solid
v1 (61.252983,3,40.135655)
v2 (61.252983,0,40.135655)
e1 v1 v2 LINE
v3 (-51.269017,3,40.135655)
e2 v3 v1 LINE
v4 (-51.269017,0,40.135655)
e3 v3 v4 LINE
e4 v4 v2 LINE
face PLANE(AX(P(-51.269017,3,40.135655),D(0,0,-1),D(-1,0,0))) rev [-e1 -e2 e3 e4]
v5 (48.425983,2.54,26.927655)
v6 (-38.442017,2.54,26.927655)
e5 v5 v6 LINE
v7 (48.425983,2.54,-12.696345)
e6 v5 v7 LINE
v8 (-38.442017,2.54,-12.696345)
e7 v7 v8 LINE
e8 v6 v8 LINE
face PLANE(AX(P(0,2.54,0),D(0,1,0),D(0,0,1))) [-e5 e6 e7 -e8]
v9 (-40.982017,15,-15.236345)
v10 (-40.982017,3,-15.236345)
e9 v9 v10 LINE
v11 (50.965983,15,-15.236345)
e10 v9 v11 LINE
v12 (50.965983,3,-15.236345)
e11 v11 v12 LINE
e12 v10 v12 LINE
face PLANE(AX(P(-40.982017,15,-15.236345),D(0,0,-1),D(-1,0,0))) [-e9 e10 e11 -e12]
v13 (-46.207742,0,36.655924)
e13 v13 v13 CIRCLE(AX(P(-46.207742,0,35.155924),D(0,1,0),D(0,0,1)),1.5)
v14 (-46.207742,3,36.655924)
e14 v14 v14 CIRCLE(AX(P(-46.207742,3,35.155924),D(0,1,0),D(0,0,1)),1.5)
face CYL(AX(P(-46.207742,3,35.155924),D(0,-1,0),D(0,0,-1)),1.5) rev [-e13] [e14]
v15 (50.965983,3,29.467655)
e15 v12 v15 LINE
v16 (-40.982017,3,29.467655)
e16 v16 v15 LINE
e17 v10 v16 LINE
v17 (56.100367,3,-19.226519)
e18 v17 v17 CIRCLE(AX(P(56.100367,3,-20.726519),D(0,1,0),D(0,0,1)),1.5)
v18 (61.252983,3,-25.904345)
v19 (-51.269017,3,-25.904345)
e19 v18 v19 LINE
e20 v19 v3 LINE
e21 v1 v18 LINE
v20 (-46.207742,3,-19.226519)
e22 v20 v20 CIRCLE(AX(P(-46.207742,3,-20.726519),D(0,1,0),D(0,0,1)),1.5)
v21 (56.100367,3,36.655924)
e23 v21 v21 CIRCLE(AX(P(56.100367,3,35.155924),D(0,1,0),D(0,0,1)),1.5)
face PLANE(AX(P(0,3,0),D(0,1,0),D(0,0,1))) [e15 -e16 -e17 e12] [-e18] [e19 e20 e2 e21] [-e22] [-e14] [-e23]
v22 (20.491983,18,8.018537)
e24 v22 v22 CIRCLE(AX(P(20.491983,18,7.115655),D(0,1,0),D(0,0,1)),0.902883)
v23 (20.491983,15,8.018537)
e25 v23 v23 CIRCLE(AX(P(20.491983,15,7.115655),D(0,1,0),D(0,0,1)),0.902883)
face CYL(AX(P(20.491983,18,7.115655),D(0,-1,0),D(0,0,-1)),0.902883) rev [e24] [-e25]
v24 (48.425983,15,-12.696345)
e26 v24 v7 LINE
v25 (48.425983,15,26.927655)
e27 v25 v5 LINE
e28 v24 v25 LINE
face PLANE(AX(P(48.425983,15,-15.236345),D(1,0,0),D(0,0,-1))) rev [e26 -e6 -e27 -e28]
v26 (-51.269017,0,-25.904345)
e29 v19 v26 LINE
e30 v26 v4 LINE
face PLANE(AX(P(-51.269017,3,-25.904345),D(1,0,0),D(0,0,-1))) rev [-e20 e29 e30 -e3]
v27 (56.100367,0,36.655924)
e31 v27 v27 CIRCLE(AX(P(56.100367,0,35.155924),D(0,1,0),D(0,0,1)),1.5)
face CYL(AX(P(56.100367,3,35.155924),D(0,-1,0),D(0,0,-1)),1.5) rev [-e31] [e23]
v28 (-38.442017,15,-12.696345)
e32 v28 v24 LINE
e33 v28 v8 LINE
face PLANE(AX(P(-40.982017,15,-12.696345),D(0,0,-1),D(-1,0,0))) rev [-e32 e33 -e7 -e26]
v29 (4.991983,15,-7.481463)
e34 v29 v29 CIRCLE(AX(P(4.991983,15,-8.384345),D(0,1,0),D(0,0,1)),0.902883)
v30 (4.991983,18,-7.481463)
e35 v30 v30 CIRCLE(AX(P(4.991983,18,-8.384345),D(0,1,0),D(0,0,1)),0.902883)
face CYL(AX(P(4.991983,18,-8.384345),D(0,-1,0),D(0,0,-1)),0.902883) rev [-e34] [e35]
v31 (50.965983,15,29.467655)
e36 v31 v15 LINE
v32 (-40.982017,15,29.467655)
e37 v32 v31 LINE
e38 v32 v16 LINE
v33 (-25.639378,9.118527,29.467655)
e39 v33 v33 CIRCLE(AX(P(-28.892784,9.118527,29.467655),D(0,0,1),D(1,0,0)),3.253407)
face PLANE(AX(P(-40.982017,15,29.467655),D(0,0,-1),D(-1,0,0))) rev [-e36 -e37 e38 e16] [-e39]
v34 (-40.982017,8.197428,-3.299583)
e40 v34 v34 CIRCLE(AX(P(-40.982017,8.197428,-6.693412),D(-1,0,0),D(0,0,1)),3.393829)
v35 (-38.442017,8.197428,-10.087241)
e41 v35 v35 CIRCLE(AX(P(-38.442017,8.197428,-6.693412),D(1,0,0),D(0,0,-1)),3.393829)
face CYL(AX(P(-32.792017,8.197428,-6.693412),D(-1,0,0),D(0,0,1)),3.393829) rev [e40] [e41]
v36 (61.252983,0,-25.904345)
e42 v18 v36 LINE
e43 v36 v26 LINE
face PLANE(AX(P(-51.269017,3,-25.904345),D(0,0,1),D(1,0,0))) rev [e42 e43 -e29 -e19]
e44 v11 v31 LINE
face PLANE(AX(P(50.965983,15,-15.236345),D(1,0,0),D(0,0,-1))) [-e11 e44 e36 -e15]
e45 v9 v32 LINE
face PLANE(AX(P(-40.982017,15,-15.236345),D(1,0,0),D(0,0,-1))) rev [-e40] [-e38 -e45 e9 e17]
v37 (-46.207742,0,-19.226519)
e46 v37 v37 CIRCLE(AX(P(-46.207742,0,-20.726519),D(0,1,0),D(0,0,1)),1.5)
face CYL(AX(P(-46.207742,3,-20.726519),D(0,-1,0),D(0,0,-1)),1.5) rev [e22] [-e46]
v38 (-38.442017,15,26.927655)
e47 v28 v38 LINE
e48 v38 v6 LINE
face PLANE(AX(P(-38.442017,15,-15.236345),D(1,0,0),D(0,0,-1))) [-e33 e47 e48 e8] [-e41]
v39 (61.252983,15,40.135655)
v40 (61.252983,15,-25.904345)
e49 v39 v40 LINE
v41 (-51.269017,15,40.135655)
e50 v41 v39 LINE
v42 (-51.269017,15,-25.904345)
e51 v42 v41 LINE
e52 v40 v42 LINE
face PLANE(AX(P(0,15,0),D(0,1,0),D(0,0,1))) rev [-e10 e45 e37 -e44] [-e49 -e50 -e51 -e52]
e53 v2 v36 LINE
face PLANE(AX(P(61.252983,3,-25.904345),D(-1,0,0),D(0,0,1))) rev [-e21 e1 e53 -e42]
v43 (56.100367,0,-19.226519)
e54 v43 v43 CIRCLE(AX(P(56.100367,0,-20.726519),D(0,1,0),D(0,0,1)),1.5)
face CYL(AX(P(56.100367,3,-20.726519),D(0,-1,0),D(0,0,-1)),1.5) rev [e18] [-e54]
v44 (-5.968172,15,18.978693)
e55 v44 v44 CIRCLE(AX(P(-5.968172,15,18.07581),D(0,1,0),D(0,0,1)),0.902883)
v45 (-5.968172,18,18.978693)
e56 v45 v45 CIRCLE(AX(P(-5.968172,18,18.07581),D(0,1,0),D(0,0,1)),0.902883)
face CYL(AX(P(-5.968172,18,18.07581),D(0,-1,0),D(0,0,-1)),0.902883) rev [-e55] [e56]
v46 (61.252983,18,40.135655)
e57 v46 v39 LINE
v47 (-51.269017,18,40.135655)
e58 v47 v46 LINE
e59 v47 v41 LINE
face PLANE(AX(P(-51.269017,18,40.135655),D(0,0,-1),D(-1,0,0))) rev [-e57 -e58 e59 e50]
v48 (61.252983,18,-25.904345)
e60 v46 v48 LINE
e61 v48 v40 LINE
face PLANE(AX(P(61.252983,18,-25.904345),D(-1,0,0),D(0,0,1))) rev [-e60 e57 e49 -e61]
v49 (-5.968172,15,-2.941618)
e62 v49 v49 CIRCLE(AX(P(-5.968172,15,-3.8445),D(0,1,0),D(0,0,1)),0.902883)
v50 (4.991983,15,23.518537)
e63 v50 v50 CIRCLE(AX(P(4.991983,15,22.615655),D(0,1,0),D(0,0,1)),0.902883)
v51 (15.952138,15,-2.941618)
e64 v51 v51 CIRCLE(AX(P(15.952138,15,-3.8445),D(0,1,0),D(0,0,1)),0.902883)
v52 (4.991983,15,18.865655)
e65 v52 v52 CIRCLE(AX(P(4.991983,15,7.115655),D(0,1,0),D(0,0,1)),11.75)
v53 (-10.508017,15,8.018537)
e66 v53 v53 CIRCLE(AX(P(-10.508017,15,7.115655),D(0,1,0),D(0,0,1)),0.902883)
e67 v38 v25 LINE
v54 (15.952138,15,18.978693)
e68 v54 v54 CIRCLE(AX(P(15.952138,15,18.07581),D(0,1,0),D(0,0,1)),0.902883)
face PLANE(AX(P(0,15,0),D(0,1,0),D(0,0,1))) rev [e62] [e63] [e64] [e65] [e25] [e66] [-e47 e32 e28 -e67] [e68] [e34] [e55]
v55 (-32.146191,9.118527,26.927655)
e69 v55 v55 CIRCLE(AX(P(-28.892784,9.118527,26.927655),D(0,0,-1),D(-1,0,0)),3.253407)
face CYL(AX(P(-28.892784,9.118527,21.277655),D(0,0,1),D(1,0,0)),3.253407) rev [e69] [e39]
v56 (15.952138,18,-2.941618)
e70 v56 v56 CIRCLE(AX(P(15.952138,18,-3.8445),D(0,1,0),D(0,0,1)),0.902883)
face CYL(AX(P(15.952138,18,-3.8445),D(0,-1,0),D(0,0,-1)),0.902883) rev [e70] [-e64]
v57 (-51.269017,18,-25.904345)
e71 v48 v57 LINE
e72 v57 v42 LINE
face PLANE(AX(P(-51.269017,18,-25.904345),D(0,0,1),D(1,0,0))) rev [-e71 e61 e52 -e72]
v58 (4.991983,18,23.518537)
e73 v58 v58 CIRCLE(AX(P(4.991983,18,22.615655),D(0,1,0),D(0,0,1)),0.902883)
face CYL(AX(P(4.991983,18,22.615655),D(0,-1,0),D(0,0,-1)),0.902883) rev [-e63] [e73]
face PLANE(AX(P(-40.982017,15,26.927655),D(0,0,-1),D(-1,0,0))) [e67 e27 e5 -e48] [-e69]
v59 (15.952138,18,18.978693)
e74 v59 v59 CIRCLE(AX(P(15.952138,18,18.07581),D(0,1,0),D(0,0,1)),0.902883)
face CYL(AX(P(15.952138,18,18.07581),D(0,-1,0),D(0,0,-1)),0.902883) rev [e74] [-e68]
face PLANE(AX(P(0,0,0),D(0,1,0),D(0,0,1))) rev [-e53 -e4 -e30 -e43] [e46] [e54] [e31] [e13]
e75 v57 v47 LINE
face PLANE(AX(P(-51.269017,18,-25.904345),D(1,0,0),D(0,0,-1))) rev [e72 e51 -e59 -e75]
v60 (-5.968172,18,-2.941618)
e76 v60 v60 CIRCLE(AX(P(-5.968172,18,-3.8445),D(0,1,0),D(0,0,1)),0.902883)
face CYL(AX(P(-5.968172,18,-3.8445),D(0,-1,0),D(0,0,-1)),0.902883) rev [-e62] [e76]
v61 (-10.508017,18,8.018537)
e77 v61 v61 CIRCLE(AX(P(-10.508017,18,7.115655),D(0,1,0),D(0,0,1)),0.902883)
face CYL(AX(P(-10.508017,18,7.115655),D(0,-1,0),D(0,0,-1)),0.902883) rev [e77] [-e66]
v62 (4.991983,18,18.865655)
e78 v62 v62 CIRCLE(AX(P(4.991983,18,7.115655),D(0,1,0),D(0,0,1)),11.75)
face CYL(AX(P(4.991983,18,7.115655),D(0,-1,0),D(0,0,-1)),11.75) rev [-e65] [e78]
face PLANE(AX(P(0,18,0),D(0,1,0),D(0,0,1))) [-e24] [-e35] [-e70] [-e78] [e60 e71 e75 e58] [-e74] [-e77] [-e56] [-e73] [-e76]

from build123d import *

# Parameters (mm, degrees)
SKETCH1_W           = 112.522
SKETCH1_H           = 66.04
SKETCH1_R           = 1.5
BOSS_EXTRUDE1_DEPTH = 3
SKETCH4_W           = 91.948
SKETCH4_H           = 44.704
BOSS_EXTRUDE2_DEPTH = 12
SHELL1_T            = -2.54
SKETCH13_R          = 3.253406585
CUT_EXTRUDE1_DEPTH  = 8.19
SKETCH15_R          = 3.393829234
CUT_EXTRUDE2_DEPTH  = 8.19
SKETCH16_W          = 112.522
SKETCH16_H          = 66.04
SKETCH16_R          = 11.75
SKETCH16_R_2        = 0.902882747
BOSS_EXTRUDE4_DEPTH = 3


with BuildPart() as part:
    # Sketch1 → Boss-Extrude1 (new body)
    with BuildSketch(Plane(origin=(0, 0, 0), x_dir=(1, 0, 0), z_dir=(0, 1, 0))):
        with Locations((4.991983213, -7.115654676)):
            Rectangle(SKETCH1_W, SKETCH1_H)
        with Locations(Location((-46.207741765, 20.726518927, 0), (0, 0, 270))):
            Circle(SKETCH1_R, mode=Mode.SUBTRACT)
        with Locations(Location((56.100367261, 20.726518927, 0), (0, 0, 270))):
            Circle(SKETCH1_R, mode=Mode.SUBTRACT)
        with Locations(Location((56.100367261, -35.155923699, 0), (0, 0, 270))):
            Circle(SKETCH1_R, mode=Mode.SUBTRACT)
        with Locations(Location((-46.207741765, -35.155923699, 0), (0, 0, 270))):
            Circle(SKETCH1_R, mode=Mode.SUBTRACT)
    extrude(amount=BOSS_EXTRUDE1_DEPTH)

    # Sketch4 → Boss-Extrude2 (add)
    with BuildSketch(Plane(origin=(0, 3, 0), x_dir=(1, 0, 0), z_dir=(0, 1, 0))):
        with Locations((4.991983213, -7.115654676)):
            Rectangle(SKETCH4_W, SKETCH4_H)
    extrude(amount=BOSS_EXTRUDE2_DEPTH)

    # Shell1
    shell1_openings = [part.faces().sort_by_distance(p)[0] for p in [
        (4.991983213, 15, 7.115654676),
    ]]
    offset(amount=SHELL1_T, openings=shell1_openings, kind=Kind.INTERSECTION)

    # Sketch13 → Cut-Extrude1 (cut)
    with BuildSketch(Plane.XY.offset(29.467654676)):
        with Locations((-28.892784248, 9.118527178)):
            Circle(SKETCH13_R)
    extrude(amount=-CUT_EXTRUDE1_DEPTH, mode=Mode.SUBTRACT)

    # Sketch15 → Cut-Extrude2 (cut)
    with BuildSketch(Plane.ZY.offset(40.982016787)):
        with Locations((-6.693412029, 8.197427611)):
            Circle(SKETCH15_R)
    extrude(amount=-CUT_EXTRUDE2_DEPTH, mode=Mode.SUBTRACT)

    # Sketch16 → Boss-Extrude4 (add)
    with BuildSketch(Plane(origin=(0, 15, 0), x_dir=(1, 0, 0), z_dir=(0, 1, 0))):
        with Locations((4.991983213, -7.115654676)):
            Rectangle(SKETCH16_W, SKETCH16_H)
        with Locations(Location((4.991983213, -7.115654676, 0), (0, 0, 270))):
            Circle(SKETCH16_R, mode=Mode.SUBTRACT)
        with Locations(Location((4.991983213, 8.384345324, 0), (0, 0, 270))):
            Circle(SKETCH16_R_2, mode=Mode.SUBTRACT)
        with Locations(Location((-5.968171895, 3.844500432, 0), (0, 0, 270))):
            Circle(SKETCH16_R_2, mode=Mode.SUBTRACT)
        with Locations(Location((-10.508016787, -7.115654676, 0), (0, 0, 270))):
            Circle(SKETCH16_R_2, mode=Mode.SUBTRACT)
        with Locations(Location((-5.968171895, -18.075809785, 0), (0, 0, 270))):
            Circle(SKETCH16_R_2, mode=Mode.SUBTRACT)
        with Locations(Location((4.991983213, -22.615654676, 0), (0, 0, 270))):
            Circle(SKETCH16_R_2, mode=Mode.SUBTRACT)
        with Locations(Location((15.952138322, -18.075809785, 0), (0, 0, 270))):
            Circle(SKETCH16_R_2, mode=Mode.SUBTRACT)
        with Locations(Location((20.491983213, -7.115654676, 0), (0, 0, 270))):
            Circle(SKETCH16_R_2, mode=Mode.SUBTRACT)
        with Locations(Location((15.952138322, 3.844500432, 0), (0, 0, 270))):
            Circle(SKETCH16_R_2, mode=Mode.SUBTRACT)
    extrude(amount=BOSS_EXTRUDE4_DEPTH)


solid = part.part
